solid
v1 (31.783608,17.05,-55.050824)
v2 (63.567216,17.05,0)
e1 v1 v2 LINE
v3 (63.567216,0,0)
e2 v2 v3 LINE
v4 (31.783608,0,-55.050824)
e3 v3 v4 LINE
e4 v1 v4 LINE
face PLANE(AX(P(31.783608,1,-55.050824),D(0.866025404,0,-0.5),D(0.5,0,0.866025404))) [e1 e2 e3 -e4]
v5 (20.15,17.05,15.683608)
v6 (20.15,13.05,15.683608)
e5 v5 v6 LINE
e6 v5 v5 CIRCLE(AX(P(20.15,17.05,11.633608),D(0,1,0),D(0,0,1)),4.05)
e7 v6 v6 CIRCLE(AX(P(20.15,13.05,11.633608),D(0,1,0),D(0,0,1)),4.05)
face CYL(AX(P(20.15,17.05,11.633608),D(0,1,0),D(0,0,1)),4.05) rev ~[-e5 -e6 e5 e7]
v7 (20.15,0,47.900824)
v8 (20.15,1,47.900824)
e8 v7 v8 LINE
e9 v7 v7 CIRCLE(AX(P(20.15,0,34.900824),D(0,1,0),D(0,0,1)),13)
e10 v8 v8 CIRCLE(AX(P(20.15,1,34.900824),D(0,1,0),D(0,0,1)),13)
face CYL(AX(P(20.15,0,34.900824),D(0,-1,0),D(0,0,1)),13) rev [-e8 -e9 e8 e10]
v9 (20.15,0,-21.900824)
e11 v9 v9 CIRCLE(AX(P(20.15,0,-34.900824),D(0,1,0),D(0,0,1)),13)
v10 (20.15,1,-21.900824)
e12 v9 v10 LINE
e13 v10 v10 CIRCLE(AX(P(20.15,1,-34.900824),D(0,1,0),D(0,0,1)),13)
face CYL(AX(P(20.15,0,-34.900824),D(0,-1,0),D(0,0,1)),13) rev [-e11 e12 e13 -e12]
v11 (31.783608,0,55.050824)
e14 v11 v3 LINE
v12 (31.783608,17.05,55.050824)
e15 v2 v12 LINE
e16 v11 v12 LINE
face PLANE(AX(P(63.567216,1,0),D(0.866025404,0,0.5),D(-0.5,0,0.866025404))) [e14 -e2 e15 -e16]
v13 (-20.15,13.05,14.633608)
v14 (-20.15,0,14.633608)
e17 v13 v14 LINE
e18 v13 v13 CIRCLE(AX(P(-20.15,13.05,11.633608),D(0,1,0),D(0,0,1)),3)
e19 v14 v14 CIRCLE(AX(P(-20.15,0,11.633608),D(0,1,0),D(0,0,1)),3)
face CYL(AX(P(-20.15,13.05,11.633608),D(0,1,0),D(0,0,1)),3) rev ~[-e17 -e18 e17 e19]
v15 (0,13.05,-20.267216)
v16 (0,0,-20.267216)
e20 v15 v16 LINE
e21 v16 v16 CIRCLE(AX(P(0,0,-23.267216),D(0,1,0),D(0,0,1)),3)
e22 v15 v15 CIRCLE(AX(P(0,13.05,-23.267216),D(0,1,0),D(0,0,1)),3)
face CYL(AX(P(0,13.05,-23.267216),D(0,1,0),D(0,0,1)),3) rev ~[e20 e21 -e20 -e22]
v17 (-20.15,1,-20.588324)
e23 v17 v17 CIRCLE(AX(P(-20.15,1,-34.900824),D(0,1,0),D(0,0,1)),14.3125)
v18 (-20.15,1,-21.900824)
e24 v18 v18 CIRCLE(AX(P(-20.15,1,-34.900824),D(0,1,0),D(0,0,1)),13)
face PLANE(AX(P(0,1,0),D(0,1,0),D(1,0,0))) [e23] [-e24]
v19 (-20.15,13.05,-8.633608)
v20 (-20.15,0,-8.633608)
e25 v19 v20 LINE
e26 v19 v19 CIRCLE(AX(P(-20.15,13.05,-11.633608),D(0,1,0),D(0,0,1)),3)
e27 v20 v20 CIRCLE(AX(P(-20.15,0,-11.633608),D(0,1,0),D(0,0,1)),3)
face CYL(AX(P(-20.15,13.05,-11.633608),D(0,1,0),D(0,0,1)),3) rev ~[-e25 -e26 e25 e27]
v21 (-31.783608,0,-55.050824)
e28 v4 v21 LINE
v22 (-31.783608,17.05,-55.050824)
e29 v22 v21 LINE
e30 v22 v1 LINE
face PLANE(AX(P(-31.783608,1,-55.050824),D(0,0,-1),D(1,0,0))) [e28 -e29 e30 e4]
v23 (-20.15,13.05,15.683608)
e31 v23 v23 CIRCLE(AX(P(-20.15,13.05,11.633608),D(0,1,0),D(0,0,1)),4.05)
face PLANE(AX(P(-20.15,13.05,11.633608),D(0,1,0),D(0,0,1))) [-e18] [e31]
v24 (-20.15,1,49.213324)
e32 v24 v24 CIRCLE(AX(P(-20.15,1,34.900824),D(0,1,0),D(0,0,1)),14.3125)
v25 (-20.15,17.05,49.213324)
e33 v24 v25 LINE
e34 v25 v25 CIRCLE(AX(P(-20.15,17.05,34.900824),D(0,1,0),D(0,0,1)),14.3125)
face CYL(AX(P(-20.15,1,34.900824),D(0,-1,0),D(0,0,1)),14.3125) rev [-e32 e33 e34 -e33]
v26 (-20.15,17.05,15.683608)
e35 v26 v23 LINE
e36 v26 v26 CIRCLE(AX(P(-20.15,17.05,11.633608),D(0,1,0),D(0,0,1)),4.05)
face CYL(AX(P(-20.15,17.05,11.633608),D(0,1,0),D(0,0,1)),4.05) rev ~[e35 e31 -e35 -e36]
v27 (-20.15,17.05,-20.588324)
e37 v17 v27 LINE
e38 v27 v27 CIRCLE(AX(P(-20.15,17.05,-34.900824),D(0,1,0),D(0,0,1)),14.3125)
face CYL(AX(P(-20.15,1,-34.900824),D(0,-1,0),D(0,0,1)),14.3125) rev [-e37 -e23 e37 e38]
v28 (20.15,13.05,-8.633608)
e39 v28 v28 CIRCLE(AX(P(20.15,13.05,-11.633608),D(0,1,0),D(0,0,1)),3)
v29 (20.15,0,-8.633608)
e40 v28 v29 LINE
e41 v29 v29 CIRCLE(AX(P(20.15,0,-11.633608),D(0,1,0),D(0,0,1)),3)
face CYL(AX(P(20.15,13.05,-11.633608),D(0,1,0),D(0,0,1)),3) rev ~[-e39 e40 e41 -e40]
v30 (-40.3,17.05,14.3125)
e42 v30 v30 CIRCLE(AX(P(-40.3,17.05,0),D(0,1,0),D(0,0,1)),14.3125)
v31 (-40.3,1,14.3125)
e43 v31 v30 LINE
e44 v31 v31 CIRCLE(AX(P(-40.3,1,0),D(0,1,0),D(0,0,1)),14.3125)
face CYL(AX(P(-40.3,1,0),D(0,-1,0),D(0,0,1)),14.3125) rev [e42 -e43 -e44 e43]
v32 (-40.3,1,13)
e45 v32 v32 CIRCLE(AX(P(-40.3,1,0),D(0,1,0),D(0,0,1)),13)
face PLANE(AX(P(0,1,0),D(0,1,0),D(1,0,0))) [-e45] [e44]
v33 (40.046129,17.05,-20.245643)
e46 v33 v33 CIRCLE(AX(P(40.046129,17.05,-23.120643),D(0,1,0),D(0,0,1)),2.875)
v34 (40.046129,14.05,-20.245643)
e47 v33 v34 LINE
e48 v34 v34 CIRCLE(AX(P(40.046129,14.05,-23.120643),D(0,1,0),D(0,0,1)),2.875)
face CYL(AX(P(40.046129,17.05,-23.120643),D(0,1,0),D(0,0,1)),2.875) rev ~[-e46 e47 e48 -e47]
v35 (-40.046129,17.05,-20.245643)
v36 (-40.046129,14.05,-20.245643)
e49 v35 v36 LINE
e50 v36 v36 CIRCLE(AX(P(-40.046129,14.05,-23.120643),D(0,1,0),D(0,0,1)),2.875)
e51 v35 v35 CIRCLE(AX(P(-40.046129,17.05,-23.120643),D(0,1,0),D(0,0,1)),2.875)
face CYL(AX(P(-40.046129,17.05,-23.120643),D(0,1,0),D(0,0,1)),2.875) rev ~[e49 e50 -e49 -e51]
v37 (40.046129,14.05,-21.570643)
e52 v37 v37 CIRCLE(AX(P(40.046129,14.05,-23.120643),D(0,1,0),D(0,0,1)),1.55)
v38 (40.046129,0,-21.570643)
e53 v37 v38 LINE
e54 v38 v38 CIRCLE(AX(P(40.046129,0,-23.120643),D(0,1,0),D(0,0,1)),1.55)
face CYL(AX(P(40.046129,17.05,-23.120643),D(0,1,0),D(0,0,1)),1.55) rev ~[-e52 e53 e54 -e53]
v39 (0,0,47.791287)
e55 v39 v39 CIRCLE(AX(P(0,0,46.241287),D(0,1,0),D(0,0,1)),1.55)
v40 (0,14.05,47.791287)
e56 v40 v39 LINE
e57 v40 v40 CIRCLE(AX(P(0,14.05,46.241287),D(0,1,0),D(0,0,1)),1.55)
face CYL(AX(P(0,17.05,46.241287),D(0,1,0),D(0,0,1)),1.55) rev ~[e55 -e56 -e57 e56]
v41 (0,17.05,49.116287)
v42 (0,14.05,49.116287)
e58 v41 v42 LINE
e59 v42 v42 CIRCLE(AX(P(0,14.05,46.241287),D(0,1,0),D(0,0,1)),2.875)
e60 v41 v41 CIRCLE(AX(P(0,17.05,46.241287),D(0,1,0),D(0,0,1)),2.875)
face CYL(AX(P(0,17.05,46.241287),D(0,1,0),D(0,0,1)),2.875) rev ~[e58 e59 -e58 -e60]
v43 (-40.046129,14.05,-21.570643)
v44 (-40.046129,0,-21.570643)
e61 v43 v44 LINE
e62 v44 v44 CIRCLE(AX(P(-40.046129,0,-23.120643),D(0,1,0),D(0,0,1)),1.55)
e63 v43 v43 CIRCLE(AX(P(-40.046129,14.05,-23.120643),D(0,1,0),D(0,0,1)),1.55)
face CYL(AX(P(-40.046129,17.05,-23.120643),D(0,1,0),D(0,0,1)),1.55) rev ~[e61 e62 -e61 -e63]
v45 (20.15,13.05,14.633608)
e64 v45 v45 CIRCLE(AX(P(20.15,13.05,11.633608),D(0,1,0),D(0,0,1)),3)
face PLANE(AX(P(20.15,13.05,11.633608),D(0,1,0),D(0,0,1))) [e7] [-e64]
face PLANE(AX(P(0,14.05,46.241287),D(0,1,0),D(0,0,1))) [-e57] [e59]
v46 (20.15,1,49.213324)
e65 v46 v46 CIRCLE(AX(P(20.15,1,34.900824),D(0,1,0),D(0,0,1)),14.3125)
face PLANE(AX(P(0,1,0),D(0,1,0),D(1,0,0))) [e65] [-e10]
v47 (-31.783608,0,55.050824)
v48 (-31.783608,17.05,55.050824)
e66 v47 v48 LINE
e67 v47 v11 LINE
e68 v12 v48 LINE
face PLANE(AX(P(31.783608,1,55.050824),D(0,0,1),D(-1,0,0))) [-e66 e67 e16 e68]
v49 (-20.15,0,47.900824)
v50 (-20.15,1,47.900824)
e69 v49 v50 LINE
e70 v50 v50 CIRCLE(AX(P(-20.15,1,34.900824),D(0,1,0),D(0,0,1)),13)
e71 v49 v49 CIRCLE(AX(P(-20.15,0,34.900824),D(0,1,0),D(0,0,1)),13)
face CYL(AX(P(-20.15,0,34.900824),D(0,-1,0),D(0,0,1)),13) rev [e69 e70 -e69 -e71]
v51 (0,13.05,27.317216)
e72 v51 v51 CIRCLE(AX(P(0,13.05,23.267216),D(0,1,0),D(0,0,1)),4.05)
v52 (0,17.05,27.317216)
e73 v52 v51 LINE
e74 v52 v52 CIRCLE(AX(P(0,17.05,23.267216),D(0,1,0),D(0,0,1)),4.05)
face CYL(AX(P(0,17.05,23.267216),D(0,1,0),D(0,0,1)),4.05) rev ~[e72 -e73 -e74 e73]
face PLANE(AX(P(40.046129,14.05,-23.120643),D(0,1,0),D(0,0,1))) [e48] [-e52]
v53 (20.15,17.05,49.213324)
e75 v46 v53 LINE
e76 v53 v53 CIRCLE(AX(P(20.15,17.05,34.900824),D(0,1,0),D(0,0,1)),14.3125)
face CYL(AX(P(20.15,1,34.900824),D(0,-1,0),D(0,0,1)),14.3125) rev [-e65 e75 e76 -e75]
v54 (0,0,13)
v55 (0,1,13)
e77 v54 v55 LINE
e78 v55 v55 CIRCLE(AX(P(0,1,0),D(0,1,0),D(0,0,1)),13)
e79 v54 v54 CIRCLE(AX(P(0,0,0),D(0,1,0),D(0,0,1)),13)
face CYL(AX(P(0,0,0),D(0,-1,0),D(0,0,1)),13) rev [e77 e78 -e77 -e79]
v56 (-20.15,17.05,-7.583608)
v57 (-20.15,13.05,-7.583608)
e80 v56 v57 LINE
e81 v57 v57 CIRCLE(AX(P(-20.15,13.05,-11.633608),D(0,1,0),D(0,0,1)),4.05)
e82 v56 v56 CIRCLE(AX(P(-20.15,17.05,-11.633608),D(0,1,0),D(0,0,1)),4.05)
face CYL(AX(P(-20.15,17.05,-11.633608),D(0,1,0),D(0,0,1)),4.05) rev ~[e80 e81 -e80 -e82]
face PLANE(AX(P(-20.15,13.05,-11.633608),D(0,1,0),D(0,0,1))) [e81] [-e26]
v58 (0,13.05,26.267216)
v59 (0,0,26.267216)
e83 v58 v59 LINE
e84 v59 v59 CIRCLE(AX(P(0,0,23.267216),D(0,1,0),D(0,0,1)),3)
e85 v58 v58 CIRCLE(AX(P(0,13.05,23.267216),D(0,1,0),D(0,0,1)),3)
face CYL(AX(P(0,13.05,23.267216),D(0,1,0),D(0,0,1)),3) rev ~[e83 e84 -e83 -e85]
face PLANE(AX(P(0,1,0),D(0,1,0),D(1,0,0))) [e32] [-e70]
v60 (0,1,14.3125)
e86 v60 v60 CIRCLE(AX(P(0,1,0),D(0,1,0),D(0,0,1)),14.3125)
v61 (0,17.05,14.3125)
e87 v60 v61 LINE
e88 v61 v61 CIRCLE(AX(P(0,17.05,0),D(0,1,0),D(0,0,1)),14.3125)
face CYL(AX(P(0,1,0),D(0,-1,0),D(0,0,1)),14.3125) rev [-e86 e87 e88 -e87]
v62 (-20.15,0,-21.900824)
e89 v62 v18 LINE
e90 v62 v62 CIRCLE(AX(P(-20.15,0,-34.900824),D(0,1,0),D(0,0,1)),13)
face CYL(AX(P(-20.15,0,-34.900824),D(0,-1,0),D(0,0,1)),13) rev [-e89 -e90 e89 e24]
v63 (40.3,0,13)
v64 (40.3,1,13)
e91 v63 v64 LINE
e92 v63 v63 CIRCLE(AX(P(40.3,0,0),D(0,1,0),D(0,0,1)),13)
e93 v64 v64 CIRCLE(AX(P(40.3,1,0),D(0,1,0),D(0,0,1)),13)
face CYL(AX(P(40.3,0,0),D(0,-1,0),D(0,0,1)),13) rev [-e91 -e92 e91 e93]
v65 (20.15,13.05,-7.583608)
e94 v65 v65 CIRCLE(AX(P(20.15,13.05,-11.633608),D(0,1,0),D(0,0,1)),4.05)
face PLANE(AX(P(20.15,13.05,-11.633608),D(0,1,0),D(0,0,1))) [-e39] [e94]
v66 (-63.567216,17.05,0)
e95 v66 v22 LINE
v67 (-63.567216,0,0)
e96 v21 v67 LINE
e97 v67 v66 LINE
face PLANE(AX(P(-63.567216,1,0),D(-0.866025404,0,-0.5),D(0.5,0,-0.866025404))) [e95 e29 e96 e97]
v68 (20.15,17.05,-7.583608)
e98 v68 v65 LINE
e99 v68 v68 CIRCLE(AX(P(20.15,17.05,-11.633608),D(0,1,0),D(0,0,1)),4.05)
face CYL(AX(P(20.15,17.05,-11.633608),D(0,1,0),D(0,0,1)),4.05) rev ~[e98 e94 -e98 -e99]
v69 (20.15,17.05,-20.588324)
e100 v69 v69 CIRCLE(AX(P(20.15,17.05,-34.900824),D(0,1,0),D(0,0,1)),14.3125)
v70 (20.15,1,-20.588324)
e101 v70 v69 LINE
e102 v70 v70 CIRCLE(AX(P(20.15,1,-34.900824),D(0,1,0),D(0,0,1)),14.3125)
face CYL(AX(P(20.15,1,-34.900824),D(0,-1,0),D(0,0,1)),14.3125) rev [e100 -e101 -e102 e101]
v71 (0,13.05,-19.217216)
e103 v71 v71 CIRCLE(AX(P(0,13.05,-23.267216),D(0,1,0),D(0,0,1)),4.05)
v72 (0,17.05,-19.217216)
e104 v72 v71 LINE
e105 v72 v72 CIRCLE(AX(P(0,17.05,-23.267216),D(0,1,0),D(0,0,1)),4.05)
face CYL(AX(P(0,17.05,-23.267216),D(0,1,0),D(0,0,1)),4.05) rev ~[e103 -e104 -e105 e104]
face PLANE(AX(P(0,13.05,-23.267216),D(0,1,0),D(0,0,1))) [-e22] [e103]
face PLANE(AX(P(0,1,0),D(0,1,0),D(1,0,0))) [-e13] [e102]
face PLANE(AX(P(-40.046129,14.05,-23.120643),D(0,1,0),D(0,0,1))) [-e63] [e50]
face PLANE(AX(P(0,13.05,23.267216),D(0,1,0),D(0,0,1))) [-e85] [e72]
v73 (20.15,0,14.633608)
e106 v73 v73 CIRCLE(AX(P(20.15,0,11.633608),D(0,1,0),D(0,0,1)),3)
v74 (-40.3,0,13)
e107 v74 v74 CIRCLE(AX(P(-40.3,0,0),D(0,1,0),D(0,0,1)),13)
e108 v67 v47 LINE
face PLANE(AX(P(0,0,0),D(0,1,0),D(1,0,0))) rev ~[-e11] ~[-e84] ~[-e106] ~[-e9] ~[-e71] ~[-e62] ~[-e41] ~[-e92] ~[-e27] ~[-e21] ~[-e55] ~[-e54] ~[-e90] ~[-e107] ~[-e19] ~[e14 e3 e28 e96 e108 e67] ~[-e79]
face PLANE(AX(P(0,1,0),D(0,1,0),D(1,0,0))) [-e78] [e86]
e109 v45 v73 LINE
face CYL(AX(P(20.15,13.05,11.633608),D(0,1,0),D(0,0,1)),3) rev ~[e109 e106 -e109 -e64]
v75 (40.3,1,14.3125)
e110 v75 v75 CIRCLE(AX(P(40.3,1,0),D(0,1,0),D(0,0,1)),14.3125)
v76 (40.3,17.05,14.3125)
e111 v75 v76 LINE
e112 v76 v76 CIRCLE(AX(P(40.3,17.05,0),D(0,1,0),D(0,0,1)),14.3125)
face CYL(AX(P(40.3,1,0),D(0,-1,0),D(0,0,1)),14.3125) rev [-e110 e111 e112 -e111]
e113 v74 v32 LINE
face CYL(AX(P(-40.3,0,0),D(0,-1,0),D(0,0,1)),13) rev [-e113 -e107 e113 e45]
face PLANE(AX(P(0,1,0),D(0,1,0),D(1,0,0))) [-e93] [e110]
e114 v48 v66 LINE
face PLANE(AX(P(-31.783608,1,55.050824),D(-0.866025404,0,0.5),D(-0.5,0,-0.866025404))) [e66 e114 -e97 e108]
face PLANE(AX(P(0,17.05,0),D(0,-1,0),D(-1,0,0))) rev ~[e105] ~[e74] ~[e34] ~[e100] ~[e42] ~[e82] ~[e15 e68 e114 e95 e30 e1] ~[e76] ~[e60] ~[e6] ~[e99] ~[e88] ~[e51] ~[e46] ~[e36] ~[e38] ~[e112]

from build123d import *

# Parameters (mm, degrees)
SKETCH1_R           = 13
BOSS_EXTRUDE1_DEPTH = 1
SKETCH2_R           = 14.3125
BOSS_EXTRUDE2_DEPTH = 16.05
SKETCH3_R           = 4.05
CUT_EXTRUDE1_DEPTH  = 4
SKETCH5_R           = 1.55
CUT_EXTRUDE3_DEPTH  = 86.802602692
SKETCH5_3_R         = 2.875
CUT_EXTRUDE4_DEPTH  = 3
SKETCH6_R           = 3
CUT_EXTRUDE5_DEPTH  = 86.09810003


with BuildPart() as part:
    # Sketch1 → Boss-Extrude1 (new body)
    with BuildSketch(Plane(origin=(0, 0, 0), x_dir=(1, 0, 0), z_dir=(0, 1, 0))):
        Polygon((31.783607924, -55.050823773), (63.567215848, 0), (31.783607924, 55.050823773), (-31.783607924, 55.050823773), (-63.567215848, 0), (-31.783607924, -55.050823773), align=None)
        with Locations((-20.15, -34.900823773)):
            Circle(SKETCH1_R, mode=Mode.SUBTRACT)
        with Locations((20.15, -34.900823773)):
            Circle(SKETCH1_R, mode=Mode.SUBTRACT)
        with Locations((-40.3, 0)):
            Circle(SKETCH1_R, mode=Mode.SUBTRACT)
        with Locations((-20.15, 34.900823773)):
            Circle(SKETCH1_R, mode=Mode.SUBTRACT)
        Circle(SKETCH1_R, mode=Mode.SUBTRACT)
        with Locations((40.3, 0)):
            Circle(SKETCH1_R, mode=Mode.SUBTRACT)
        with Locations((20.15, 34.900823773)):
            Circle(SKETCH1_R, mode=Mode.SUBTRACT)
    extrude(amount=BOSS_EXTRUDE1_DEPTH)

    # Sketch2 → Boss-Extrude2 (add)
    with BuildSketch(Plane(origin=(0, 1, 0), x_dir=(1, 0, 0), z_dir=(0, 1, 0))):
        Polygon((-63.567215848, 0), (-31.783607924, 55.050823773), (31.783607924, 55.050823773), (63.567215848, 0), (31.783607924, -55.050823773), (-31.783607924, -55.050823773), align=None)
        with Locations((-40.3, 0)):
            Circle(SKETCH2_R, mode=Mode.SUBTRACT)
        with Locations((-20.15, 34.900823773)):
            Circle(SKETCH2_R, mode=Mode.SUBTRACT)
        with Locations((20.15, 34.900823773)):
            Circle(SKETCH2_R, mode=Mode.SUBTRACT)
        with Locations((40.3, 0)):
            Circle(SKETCH2_R, mode=Mode.SUBTRACT)
        with Locations((20.15, -34.900823773)):
            Circle(SKETCH2_R, mode=Mode.SUBTRACT)
        with Locations((-20.15, -34.900823773)):
            Circle(SKETCH2_R, mode=Mode.SUBTRACT)
        Circle(SKETCH2_R, mode=Mode.SUBTRACT)
    extrude(amount=BOSS_EXTRUDE2_DEPTH)

    # Sketch3 → Cut-Extrude1 (cut)
    with BuildSketch(Plane(origin=(0, 17.05, 0), x_dir=(1, 0, 0), z_dir=(0, 1, 0))):
        with Locations((-20.15, 11.633607924)):
            Circle(SKETCH3_R)
        with Locations((0, 23.267215848)):
            Circle(SKETCH3_R)
        with Locations((20.15, 11.633607924)):
            Circle(SKETCH3_R)
        with Locations((20.15, -11.633607924)):
            Circle(SKETCH3_R)
        with Locations((0, -23.267215848)):
            Circle(SKETCH3_R)
        with Locations((-20.15, -11.633607924)):
            Circle(SKETCH3_R)
    extrude(amount=-CUT_EXTRUDE1_DEPTH, mode=Mode.SUBTRACT)

    # Sketch5 → Cut-Extrude3 (cut, through all)
    with BuildSketch(Plane(origin=(0, 17.05, 0), x_dir=(1, 0, 0), z_dir=(0, 1, 0))):
        with Locations((-40.046128973, 23.120643343)):
            Circle(SKETCH5_R)
        with Locations((40.046128973, 23.120643343)):
            Circle(SKETCH5_R)
        with Locations((0, -46.241286685)):
            Circle(SKETCH5_R)
    extrude(amount=-CUT_EXTRUDE3_DEPTH, mode=Mode.SUBTRACT)

    # Sketch5<3> → Cut-Extrude4 (cut)
    with BuildSketch(Plane(origin=(0, 17.05, 0), x_dir=(1, 0, 0), z_dir=(0, 1, 0))):
        with Locations((-40.046128973, 23.120643343)):
            Circle(SKETCH5_3_R)
        with Locations((40.046128973, 23.120643343)):
            Circle(SKETCH5_3_R)
        with Locations((0, -46.241286685)):
            Circle(SKETCH5_3_R)
    extrude(amount=-CUT_EXTRUDE4_DEPTH, mode=Mode.SUBTRACT)

    # Sketch6 → Cut-Extrude5 (cut, through all)
    with BuildSketch(Plane(origin=(0, 13.05, 0), x_dir=(1, 0, 0), z_dir=(0, 1, 0))):
        with Locations((-20.15, -11.633607924)):
            Circle(SKETCH6_R)
        with Locations((-20.15, 11.633607924)):
            Circle(SKETCH6_R)
        with Locations((0, 23.267215848)):
            Circle(SKETCH6_R)
        with Locations((20.15, 11.633607924)):
            Circle(SKETCH6_R)
        with Locations((20.15, -11.633607924)):
            Circle(SKETCH6_R)
        with Locations((0, -23.267215848)):
            Circle(SKETCH6_R)
    extrude(amount=-CUT_EXTRUDE5_DEPTH, mode=Mode.SUBTRACT)


solid = part.part
